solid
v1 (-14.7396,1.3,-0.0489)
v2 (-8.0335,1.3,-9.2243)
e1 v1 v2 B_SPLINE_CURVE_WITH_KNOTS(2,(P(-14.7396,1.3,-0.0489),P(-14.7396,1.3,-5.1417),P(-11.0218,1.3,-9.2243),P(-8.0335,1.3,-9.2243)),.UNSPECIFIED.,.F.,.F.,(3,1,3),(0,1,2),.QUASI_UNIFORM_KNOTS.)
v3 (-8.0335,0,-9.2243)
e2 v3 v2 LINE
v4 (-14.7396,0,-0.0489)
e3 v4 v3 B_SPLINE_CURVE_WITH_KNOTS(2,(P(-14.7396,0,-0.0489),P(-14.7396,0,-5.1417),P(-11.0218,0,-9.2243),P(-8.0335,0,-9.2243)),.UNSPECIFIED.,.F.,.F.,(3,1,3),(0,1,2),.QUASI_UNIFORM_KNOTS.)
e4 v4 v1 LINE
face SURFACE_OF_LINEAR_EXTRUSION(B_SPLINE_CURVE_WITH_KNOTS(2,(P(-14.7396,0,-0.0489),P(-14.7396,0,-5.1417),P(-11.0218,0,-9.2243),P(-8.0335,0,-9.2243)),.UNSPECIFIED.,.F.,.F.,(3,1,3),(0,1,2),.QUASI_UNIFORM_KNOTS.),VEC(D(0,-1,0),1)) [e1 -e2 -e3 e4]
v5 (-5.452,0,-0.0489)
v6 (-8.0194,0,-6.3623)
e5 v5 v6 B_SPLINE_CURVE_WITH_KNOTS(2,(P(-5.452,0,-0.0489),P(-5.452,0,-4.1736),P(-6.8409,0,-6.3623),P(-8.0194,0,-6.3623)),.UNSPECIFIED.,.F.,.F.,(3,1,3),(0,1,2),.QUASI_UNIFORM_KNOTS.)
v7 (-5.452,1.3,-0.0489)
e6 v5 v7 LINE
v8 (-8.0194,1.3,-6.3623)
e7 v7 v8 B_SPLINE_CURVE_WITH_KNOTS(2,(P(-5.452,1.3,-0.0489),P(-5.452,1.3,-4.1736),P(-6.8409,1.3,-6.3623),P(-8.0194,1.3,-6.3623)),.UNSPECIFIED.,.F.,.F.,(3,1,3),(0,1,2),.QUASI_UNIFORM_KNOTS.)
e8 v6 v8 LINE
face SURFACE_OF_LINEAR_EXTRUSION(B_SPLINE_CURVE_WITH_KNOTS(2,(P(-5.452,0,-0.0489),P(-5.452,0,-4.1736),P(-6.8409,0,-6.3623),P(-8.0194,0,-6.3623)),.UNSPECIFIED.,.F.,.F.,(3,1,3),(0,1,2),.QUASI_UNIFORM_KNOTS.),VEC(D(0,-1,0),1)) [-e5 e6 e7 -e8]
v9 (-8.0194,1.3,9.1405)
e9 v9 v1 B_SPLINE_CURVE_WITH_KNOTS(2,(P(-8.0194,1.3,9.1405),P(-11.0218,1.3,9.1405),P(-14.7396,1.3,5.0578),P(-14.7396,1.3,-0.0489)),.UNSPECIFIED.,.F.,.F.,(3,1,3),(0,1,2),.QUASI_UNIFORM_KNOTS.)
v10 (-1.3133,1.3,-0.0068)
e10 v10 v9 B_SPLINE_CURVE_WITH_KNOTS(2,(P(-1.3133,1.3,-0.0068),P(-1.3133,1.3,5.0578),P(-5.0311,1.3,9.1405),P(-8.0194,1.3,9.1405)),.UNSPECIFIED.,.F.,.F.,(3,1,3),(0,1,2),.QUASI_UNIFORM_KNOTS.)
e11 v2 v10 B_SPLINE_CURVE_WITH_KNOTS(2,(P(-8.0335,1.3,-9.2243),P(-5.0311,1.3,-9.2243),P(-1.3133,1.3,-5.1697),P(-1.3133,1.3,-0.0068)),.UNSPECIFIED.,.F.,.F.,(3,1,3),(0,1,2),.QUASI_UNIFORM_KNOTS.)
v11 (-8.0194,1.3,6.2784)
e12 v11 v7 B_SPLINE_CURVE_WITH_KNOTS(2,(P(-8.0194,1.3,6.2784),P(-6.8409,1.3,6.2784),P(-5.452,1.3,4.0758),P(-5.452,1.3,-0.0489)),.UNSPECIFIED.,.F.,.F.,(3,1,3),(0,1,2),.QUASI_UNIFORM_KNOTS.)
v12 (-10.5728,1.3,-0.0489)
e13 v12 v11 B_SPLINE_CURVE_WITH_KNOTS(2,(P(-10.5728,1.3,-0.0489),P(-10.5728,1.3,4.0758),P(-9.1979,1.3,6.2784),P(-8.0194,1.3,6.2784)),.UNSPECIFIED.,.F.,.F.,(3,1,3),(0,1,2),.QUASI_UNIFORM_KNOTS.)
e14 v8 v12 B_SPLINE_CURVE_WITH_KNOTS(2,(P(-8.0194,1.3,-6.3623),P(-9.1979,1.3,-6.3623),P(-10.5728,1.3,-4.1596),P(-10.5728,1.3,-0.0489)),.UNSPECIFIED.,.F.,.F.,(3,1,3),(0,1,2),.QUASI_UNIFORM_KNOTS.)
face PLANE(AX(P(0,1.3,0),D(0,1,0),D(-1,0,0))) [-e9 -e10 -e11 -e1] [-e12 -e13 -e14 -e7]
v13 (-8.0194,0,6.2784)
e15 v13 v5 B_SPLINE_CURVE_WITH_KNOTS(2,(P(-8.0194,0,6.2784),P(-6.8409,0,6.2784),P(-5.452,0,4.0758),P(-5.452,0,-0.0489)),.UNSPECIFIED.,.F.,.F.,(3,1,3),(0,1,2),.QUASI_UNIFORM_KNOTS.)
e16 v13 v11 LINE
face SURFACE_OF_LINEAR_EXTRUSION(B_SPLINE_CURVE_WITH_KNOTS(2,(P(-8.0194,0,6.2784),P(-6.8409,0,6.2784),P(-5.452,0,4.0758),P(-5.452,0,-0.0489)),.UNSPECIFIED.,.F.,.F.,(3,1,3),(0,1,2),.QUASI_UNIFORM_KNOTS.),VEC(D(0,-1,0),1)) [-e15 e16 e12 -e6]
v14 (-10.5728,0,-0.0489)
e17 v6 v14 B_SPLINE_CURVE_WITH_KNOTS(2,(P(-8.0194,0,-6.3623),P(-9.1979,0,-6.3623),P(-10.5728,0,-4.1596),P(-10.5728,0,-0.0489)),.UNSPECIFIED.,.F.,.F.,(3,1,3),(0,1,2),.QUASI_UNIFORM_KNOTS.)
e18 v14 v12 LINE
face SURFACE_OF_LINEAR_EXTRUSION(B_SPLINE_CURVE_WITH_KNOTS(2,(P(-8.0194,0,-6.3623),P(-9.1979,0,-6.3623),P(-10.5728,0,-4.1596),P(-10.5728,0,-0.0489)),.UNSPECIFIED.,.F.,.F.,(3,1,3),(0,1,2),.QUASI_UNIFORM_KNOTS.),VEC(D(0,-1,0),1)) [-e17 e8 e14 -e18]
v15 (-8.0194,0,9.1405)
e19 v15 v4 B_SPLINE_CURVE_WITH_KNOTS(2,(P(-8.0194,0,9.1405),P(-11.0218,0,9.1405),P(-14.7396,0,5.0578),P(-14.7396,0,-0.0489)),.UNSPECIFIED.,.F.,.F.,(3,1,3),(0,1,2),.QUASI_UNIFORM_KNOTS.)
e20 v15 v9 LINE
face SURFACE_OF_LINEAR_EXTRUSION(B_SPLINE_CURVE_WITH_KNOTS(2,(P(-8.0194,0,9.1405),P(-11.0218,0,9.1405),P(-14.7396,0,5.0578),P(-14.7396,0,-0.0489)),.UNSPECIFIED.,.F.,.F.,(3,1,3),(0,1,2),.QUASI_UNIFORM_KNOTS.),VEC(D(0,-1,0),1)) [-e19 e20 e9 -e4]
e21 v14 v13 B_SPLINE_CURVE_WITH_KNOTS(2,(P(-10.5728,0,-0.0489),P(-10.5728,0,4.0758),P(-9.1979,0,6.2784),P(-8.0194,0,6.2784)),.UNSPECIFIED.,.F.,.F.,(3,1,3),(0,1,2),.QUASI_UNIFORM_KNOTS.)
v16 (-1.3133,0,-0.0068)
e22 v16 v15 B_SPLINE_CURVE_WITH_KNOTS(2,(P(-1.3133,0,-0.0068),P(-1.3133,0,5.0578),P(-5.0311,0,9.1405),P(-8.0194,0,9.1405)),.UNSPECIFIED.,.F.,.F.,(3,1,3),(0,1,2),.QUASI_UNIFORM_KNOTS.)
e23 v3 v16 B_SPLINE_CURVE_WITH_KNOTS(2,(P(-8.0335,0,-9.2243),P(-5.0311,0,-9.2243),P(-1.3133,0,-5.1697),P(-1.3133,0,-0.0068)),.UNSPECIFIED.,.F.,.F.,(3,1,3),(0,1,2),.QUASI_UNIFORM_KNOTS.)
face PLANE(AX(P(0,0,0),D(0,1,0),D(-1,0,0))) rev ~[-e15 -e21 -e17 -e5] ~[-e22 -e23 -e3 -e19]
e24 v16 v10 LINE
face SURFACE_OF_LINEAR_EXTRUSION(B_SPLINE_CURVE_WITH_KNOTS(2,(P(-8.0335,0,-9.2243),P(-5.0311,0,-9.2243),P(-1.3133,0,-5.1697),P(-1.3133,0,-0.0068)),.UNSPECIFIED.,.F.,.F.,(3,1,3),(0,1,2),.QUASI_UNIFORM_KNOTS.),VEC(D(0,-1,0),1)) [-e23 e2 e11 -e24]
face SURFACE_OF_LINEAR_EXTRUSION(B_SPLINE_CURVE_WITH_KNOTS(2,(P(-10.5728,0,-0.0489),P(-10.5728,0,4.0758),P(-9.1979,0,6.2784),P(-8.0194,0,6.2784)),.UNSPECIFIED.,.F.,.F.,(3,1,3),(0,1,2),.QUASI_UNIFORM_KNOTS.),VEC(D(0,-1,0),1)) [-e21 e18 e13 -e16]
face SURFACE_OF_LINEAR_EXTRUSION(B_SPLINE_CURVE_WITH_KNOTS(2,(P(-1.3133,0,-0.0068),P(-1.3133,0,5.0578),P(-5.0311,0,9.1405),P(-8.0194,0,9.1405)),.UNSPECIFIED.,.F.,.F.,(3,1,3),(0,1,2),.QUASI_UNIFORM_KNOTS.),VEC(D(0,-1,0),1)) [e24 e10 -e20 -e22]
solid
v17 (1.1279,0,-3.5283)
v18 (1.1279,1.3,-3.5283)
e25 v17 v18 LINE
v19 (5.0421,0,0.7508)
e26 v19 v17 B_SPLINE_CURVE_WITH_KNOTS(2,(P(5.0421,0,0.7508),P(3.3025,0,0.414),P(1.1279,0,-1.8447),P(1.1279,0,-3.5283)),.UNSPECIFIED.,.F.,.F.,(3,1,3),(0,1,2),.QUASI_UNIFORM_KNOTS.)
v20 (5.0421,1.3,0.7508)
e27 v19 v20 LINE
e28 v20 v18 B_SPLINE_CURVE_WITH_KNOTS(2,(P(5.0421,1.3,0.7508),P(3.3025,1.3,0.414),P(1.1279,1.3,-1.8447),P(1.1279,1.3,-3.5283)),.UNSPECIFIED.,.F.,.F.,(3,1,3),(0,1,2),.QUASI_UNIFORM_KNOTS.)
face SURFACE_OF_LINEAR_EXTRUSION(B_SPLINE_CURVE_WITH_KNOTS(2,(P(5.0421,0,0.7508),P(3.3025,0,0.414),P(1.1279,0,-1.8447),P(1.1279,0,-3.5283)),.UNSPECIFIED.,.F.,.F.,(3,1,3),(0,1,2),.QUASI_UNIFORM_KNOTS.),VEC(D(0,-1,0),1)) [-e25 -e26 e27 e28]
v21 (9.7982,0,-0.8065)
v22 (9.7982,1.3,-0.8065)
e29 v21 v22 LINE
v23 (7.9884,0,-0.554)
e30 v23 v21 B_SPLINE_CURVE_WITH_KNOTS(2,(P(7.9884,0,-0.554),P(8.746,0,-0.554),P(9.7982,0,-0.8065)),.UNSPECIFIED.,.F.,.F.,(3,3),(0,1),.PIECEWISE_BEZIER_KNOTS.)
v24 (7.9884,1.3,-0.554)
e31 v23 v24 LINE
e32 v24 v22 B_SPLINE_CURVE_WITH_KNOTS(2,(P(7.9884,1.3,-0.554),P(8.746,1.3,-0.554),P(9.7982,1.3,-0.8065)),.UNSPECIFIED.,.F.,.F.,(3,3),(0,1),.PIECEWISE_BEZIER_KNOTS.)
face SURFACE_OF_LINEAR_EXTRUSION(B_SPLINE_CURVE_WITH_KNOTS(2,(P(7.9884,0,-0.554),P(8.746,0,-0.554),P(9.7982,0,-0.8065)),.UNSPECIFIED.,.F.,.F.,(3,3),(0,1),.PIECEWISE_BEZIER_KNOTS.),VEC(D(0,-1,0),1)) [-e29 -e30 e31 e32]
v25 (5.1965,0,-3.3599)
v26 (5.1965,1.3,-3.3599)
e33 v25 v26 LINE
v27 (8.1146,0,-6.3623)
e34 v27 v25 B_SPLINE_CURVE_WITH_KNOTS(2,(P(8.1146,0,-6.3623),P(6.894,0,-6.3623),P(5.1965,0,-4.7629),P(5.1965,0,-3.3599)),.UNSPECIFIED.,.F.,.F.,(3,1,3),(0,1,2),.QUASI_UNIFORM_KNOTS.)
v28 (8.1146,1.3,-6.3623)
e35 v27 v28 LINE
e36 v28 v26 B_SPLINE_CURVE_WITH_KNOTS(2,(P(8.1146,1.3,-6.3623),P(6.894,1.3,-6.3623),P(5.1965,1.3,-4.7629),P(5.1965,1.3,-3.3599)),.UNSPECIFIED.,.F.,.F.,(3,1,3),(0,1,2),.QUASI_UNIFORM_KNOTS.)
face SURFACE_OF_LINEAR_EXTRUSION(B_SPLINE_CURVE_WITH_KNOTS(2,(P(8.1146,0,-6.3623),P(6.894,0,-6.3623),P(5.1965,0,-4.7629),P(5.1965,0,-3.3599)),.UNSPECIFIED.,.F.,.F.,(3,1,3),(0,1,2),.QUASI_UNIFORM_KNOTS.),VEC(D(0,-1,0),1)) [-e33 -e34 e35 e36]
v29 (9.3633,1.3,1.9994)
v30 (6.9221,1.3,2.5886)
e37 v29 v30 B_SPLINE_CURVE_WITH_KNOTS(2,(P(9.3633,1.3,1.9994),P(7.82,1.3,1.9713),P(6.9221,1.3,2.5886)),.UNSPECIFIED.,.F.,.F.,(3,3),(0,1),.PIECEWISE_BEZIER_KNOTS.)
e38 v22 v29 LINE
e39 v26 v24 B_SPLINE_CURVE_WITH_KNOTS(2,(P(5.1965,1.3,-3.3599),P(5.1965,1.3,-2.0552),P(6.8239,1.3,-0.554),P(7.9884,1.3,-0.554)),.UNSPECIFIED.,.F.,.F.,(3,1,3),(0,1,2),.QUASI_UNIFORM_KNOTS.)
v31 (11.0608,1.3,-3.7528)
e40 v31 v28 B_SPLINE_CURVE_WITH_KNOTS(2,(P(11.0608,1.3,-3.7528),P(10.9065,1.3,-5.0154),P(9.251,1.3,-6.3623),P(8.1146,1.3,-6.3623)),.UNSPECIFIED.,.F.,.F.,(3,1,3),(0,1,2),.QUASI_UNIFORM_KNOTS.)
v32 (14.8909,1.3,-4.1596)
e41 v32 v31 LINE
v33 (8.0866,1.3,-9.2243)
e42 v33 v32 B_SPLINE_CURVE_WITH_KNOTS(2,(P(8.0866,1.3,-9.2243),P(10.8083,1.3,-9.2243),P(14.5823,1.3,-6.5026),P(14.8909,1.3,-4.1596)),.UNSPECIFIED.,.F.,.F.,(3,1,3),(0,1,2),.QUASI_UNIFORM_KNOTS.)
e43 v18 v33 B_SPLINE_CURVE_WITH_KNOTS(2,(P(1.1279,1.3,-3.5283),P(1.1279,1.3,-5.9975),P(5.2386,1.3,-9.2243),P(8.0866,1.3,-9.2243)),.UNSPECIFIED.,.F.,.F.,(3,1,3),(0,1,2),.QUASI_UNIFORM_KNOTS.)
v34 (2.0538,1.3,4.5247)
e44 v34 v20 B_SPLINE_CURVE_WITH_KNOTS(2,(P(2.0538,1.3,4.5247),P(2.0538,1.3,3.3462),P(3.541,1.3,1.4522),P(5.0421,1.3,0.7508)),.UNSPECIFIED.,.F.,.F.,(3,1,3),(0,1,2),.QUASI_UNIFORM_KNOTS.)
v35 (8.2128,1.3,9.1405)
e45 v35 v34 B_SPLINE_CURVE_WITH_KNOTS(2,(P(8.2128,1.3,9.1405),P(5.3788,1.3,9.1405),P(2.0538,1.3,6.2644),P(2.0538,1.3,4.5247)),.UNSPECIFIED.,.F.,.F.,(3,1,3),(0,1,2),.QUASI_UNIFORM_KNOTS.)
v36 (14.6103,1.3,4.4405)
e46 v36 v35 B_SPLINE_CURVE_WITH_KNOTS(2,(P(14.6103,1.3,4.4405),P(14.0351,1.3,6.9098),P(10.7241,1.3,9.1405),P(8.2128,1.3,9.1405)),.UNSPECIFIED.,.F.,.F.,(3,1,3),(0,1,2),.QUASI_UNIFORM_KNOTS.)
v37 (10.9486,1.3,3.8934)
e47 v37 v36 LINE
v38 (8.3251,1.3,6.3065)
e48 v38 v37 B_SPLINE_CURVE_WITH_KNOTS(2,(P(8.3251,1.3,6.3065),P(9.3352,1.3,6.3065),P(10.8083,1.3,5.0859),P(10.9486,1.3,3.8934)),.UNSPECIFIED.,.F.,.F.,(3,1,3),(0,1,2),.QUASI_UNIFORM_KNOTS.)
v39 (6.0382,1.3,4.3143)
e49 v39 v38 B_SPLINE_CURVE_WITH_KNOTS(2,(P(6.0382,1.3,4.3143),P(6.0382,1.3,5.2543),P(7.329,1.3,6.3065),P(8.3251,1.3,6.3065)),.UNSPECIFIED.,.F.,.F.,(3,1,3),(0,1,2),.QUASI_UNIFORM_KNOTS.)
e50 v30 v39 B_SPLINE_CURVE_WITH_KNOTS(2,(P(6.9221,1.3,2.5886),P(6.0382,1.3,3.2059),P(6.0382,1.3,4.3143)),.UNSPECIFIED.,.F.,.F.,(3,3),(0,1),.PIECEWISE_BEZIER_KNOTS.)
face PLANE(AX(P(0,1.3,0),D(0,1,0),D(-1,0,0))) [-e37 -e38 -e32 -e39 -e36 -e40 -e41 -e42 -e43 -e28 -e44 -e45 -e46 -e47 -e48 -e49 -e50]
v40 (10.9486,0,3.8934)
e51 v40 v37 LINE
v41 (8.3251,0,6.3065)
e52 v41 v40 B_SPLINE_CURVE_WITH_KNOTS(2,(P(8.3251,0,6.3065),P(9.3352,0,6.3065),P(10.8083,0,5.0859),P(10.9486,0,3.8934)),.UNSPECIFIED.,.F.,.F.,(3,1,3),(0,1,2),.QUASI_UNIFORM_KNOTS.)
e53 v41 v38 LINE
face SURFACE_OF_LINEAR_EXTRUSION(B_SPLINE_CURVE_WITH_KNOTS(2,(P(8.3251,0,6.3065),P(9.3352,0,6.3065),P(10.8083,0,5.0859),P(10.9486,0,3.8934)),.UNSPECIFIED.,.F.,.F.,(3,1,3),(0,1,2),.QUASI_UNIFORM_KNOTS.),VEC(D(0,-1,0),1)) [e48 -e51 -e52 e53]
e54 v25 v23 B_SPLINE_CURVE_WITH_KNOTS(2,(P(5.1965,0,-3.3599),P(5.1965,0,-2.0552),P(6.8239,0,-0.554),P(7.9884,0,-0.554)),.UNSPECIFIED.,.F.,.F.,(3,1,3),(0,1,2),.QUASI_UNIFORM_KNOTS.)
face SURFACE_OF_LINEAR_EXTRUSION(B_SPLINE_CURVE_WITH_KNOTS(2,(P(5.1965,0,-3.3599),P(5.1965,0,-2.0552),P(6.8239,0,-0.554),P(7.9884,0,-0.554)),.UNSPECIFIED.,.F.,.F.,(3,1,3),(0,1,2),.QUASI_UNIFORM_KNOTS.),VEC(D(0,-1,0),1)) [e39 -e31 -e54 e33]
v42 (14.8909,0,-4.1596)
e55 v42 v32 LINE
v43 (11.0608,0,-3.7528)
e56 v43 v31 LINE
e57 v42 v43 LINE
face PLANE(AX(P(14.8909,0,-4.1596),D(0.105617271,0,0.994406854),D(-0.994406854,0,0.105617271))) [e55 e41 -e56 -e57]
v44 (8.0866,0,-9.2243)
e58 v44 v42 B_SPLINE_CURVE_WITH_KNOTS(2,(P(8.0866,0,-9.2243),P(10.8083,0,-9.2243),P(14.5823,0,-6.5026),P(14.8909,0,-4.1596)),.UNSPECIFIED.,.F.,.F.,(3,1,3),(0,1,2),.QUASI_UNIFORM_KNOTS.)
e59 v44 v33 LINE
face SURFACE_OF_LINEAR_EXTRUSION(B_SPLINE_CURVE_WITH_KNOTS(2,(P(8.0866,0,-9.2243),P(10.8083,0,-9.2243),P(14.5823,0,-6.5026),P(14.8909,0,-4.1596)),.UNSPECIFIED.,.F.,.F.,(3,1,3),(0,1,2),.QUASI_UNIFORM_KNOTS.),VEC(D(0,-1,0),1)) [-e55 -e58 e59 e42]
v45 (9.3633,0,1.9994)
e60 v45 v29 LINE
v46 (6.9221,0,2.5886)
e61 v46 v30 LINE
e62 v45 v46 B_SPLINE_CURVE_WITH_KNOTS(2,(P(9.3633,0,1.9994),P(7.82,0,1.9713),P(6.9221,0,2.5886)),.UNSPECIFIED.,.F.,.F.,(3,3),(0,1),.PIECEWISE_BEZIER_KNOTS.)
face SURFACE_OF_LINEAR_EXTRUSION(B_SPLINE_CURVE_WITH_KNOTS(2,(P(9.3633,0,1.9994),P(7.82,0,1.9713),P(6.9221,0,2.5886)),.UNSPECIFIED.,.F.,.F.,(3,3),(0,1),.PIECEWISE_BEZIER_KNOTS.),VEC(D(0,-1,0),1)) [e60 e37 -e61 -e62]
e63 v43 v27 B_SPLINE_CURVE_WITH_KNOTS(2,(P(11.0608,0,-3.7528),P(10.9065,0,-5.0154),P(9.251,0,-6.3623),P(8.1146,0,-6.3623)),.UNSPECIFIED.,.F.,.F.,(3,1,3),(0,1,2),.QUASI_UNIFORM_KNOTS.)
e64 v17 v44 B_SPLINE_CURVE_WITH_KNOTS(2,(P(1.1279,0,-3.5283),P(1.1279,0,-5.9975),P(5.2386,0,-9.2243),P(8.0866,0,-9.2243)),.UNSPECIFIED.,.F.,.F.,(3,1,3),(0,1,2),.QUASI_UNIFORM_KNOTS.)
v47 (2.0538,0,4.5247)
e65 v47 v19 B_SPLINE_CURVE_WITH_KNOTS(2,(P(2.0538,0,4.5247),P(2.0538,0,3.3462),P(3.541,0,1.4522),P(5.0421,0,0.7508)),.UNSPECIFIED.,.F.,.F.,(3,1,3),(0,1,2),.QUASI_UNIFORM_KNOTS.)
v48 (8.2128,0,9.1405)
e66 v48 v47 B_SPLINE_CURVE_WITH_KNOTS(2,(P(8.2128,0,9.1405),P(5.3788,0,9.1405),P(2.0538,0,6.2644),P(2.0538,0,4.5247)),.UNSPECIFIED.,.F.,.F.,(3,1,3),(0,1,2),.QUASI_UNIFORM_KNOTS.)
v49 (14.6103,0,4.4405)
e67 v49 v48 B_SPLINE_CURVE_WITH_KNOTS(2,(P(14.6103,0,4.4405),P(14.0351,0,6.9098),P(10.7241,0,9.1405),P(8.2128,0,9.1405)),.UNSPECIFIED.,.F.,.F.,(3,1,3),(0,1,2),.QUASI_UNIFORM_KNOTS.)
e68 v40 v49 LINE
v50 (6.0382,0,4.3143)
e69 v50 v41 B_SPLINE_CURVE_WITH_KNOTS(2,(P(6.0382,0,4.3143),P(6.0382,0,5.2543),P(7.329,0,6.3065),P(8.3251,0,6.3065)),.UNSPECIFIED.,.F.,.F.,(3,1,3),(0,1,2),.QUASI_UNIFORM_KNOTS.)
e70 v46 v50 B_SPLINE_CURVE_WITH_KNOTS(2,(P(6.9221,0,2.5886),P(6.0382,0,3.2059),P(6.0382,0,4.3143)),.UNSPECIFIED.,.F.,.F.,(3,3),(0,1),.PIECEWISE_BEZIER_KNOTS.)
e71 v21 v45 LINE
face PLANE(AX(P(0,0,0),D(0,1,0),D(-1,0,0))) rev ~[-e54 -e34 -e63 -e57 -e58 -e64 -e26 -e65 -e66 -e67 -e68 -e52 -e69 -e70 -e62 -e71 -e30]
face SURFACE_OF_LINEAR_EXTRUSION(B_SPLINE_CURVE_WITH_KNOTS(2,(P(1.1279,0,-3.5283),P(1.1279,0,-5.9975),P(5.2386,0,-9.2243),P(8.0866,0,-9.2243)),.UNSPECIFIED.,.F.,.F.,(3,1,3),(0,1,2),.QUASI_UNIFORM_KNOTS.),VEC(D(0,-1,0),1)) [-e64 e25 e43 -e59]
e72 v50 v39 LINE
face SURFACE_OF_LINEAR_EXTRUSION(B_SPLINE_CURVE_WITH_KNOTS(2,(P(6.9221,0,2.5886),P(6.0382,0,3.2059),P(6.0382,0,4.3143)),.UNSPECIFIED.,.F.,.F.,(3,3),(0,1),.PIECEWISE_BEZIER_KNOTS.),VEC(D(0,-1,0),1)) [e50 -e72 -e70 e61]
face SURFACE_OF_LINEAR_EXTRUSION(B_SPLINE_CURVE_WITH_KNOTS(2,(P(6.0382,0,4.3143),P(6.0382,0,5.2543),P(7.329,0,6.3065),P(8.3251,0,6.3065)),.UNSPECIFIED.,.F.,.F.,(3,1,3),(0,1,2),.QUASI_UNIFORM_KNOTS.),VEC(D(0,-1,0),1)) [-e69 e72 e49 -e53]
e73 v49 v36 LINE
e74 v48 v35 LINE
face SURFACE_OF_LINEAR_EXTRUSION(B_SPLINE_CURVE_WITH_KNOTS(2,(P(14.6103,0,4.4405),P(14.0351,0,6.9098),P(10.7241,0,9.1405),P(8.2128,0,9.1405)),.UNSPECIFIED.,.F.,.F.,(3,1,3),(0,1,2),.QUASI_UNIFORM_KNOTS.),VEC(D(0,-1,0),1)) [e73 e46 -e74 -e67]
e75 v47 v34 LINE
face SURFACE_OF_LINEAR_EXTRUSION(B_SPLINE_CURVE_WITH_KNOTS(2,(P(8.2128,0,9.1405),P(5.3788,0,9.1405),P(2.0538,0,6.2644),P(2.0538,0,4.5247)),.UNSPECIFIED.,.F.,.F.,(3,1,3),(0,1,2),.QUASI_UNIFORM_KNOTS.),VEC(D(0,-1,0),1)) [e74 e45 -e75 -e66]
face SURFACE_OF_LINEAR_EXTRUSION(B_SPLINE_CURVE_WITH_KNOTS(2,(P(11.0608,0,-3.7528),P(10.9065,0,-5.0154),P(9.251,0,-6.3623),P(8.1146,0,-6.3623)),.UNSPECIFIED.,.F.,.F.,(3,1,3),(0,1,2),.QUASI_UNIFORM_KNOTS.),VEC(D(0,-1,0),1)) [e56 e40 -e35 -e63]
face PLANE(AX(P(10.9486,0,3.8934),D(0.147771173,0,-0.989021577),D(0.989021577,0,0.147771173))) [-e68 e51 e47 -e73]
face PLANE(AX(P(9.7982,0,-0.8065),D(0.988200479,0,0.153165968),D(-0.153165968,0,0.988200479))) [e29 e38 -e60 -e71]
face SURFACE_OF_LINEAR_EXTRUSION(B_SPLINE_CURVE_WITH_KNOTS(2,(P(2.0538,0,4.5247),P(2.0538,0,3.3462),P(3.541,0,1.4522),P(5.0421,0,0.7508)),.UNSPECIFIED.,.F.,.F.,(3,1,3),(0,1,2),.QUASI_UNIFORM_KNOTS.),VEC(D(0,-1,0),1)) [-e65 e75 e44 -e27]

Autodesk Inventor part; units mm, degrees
ref_plane "YZ Plane" through (0, 0, 0) normal (1, 0, 0) x (0, 1, 0)
ref_plane "XZ Plane" through (0, 0, 0) normal (0, 1, 0) x (-1, 0, 0)
ref_plane "XY Plane" through (0, 0, 0) normal (0, 0, 1) x (1, 0, 0)
sketch "Sketch1" plane through (0, 0, 0) normal (0, 1, 0) x (-1, 0, 0)
  line L0 (-15.9712, 9.1405) -> (15.5875, 9.1405) construction
  line L1 (15.5875, 9.1405) -> (15.5875, -9.9475) construction
  line L2 (15.5875, -9.9475) -> (-15.9712, -9.9475) construction
  line L3 (-15.9712, -9.9475) -> (-15.9712, 9.1405) construction
  line L4 (-14.8909, -4.1596) -> (-11.0608, -3.7528)
  spline S0 degree 2 poles (-11.0608, -3.7528) (-10.9065, -5.0154) (-9.251, -6.3623) (-8.1146, -6.3623) knots 0 0 0 1 2 2 2
  spline S1 degree 2 poles (-8.1146, -6.3623) (-6.894, -6.3623) (-5.1965, -4.7629) (-5.1965, -3.3599) knots 0 0 0 1 2 2 2
  spline S2 degree 2 poles (-5.1965, -3.3599) (-5.1965, -2.0552) (-6.8239, -0.554) (-7.9884, -0.554) knots 0 0 0 1 2 2 2
  spline S3 degree 2 poles (-7.9884, -0.554) (-8.746, -0.554) (-9.7982, -0.8065) knots 0 0 0 1 1 1
  line L5 (-9.7982, -0.8065) -> (-9.3633, 1.9994)
  spline S4 degree 2 poles (-9.3633, 1.9994) (-7.82, 1.9713) (-6.9221, 2.5886) knots 0 0 0 1 1 1
  spline S5 degree 2 poles (-6.9221, 2.5886) (-6.0382, 3.2059) (-6.0382, 4.3143) knots 0 0 0 1 1 1
  spline S6 degree 2 poles (-6.0382, 4.3143) (-6.0382, 5.2543) (-7.329, 6.3065) (-8.3251, 6.3065) knots 0 0 0 1 2 2 2
  spline S7 degree 2 poles (-8.3251, 6.3065) (-9.3352, 6.3065) (-10.8083, 5.0859) (-10.9486, 3.8934) knots 0 0 0 1 2 2 2
  line L6 (-10.9486, 3.8934) -> (-14.6103, 4.4405)
  spline S8 degree 2 poles (-14.6103, 4.4405) (-14.0351, 6.9098) (-10.7241, 9.1405) (-8.2128, 9.1405) knots 0 0 0 1 2 2 2
  spline S9 degree 2 poles (-8.2128, 9.1405) (-5.3788, 9.1405) (-2.0538, 6.2644) (-2.0538, 4.5247) knots 0 0 0 1 2 2 2
  spline S10 degree 2 poles (-2.0538, 4.5247) (-2.0538, 3.3462) (-3.541, 1.4522) (-5.0421, 0.7508) knots 0 0 0 1 2 2 2
  spline S11 degree 2 poles (-5.0421, 0.7508) (-3.3025, 0.414) (-1.1279, -1.8447) (-1.1279, -3.5283) knots 0 0 0 1 2 2 2
  spline S12 degree 2 poles (-1.1279, -3.5283) (-1.1279, -5.9975) (-5.2386, -9.2243) (-8.0866, -9.2243) knots 0 0 0 1 2 2 2
  spline S13 degree 2 poles (-8.0866, -9.2243) (-10.8083, -9.2243) (-14.5823, -6.5026) (-14.8909, -4.1596) knots 0 0 0 1 2 2 2
  spline S14 degree 2 poles (8.0194, 9.1405) (11.0218, 9.1405) (14.7396, 5.0578) (14.7396, -0.0489) knots 0 0 0 1 2 2 2
  spline S15 degree 2 poles (14.7396, -0.0489) (14.7396, -5.1417) (11.0218, -9.2243) (8.0335, -9.2243) knots 0 0 0 1 2 2 2
  spline S16 degree 2 poles (8.0335, -9.2243) (5.0311, -9.2243) (1.3133, -5.1697) (1.3133, -0.0068) knots 0 0 0 1 2 2 2
  spline S17 degree 2 poles (1.3133, -0.0068) (1.3133, 5.0578) (5.0311, 9.1405) (8.0194, 9.1405) knots 0 0 0 1 2 2 2
  spline S18 degree 2 poles (8.0194, 6.2784) (6.8409, 6.2784) (5.452, 4.0758) (5.452, -0.0489) knots 0 0 0 1 2 2 2
  spline S19 degree 2 poles (5.452, -0.0489) (5.452, -4.1736) (6.8409, -6.3623) (8.0194, -6.3623) knots 0 0 0 1 2 2 2
  spline S20 degree 2 poles (8.0194, -6.3623) (9.1979, -6.3623) (10.5728, -4.1596) (10.5728, -0.0489) knots 0 0 0 1 2 2 2
  spline S21 degree 2 poles (10.5728, -0.0489) (10.5728, 4.0758) (9.1979, 6.2784) (8.0194, 6.2784) knots 0 0 0 1 2 2 2
  point P0 (0, 0)
extrude "Extrusion1" add sketch "Sketch1" along normal blind 1.3
properties part number "30"
